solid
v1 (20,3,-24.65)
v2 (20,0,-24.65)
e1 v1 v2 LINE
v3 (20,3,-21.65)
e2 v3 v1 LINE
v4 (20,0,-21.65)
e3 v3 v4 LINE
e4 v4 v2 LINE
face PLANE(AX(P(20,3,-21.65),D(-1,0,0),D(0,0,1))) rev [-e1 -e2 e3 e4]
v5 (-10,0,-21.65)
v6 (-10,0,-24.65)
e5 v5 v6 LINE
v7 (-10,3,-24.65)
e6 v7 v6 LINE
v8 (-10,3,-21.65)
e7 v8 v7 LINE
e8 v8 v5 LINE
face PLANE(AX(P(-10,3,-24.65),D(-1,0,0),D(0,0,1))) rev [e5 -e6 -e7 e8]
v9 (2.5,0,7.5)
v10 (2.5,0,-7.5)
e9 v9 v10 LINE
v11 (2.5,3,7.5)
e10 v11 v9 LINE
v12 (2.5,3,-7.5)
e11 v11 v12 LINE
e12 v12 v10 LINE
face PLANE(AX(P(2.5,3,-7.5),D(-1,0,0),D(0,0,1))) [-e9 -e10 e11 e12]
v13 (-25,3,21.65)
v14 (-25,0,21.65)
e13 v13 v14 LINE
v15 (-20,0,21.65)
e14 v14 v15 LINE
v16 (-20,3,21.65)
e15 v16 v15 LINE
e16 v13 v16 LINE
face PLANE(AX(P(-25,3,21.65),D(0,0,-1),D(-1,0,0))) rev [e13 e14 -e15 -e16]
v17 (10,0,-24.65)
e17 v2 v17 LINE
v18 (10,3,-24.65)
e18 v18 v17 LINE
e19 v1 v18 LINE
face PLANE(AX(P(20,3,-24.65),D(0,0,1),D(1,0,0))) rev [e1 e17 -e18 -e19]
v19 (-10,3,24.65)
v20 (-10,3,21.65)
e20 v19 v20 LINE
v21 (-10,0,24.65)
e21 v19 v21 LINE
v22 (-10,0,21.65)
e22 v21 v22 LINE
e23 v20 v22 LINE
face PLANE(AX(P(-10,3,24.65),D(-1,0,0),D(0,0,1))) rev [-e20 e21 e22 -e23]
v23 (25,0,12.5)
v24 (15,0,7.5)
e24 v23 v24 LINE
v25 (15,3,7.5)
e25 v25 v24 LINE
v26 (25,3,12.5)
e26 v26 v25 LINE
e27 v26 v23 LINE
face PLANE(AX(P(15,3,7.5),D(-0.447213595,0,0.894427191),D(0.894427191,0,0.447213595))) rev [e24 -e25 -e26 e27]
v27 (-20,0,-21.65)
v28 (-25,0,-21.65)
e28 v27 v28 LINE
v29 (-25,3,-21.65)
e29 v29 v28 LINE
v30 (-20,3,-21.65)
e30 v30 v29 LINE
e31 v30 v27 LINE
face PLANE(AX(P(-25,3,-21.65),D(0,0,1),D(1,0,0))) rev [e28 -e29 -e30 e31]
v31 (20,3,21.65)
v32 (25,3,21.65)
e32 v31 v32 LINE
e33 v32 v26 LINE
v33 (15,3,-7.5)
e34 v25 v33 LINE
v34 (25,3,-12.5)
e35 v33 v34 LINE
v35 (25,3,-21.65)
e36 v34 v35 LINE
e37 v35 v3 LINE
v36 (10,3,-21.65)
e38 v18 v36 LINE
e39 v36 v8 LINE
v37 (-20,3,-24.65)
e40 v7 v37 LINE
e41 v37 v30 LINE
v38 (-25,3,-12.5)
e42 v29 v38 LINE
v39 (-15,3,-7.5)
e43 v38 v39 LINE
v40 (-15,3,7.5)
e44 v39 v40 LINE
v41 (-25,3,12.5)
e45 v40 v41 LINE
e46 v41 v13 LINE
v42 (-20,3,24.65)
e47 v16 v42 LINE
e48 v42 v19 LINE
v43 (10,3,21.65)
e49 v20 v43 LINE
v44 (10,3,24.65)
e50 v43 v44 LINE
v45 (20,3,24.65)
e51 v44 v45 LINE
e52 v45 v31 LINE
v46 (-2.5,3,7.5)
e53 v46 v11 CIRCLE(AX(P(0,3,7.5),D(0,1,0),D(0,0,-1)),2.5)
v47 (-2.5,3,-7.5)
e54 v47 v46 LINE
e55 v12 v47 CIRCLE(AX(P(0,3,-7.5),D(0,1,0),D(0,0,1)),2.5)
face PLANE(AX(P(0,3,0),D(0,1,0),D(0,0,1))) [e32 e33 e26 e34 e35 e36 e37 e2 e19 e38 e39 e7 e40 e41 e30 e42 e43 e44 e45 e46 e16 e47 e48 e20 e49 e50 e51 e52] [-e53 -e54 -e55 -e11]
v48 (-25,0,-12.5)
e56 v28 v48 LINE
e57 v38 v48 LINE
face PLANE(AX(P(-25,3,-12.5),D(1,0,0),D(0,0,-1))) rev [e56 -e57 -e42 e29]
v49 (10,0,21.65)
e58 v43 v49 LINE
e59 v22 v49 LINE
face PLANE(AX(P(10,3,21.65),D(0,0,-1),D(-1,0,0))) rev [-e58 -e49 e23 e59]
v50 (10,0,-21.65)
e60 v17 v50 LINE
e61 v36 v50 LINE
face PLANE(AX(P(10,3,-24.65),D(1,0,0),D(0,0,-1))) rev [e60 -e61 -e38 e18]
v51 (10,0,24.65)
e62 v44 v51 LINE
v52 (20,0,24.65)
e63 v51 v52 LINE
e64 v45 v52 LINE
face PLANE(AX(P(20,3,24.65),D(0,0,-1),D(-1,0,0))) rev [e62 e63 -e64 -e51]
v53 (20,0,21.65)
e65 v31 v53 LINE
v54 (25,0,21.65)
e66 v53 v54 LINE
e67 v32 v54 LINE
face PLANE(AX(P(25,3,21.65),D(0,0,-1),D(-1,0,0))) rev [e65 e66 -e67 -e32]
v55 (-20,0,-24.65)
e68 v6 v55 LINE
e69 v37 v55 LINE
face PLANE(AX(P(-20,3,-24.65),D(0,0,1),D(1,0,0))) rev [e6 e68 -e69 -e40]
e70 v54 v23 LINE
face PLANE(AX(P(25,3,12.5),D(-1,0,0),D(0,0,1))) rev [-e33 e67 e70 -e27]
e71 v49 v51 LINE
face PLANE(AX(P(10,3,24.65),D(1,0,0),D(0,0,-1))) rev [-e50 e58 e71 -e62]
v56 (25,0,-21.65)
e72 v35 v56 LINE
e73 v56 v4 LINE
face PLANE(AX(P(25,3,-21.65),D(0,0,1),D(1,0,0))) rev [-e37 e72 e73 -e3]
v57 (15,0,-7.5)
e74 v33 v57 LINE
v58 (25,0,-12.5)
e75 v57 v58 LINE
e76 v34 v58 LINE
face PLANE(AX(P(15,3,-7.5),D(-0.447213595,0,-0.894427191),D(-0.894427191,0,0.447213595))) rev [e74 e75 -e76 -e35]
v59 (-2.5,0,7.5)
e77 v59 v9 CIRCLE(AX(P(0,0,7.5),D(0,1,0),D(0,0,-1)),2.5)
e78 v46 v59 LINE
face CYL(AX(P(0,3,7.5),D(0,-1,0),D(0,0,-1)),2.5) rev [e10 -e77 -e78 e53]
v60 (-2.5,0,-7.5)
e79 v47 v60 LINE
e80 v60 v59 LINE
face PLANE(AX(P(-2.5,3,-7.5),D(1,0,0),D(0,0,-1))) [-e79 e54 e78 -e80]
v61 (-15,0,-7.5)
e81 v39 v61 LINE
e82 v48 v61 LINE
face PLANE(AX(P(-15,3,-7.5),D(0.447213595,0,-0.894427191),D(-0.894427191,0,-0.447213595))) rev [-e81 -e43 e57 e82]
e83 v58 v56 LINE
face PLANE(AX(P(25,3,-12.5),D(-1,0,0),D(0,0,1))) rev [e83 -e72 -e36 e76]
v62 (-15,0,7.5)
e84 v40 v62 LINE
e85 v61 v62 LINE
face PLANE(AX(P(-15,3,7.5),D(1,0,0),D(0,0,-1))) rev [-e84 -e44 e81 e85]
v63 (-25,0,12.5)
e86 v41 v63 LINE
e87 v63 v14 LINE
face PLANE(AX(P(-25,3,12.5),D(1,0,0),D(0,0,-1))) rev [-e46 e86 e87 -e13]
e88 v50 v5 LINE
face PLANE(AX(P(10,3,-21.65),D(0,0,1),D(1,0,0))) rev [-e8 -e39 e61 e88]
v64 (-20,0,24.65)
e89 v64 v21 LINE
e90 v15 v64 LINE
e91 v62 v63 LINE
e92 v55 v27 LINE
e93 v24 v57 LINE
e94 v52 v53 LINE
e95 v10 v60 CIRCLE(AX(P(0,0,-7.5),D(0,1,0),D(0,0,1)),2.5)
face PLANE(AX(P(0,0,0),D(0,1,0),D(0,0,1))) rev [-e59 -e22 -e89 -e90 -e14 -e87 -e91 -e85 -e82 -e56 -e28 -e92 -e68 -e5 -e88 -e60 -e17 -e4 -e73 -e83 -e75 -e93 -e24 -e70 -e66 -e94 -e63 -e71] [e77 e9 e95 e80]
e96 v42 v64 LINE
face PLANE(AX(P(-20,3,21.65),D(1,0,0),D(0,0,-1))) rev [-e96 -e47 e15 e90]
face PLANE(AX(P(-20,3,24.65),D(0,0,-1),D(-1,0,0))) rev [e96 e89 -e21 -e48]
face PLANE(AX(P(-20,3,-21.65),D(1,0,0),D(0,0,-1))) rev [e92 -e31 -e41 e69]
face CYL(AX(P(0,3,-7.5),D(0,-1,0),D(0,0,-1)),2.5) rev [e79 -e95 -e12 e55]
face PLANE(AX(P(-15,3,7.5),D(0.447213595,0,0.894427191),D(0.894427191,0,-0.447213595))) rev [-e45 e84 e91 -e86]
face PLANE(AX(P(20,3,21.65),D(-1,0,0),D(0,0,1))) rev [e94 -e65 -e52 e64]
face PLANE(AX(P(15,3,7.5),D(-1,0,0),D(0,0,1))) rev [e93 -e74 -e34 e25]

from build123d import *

# Parameters (mm, degrees)
EXTRUDE_1_DEPTH = 3


with BuildPart() as part:
    # 草图2 → 凸台-拉伸1 (new body)
    with BuildSketch(Plane(origin=(0, 0, 0), x_dir=(1, 0, 0), z_dir=(0, 1, 0))):
        Polygon((15, -7.5), (15, 7.5), (25, 12.5), (25, 21.65), (20, 21.65), (20, 24.65), (10, 24.65), (10, 21.65), (-10, 21.65), (-10, 24.65), (-20, 24.65), (-20, 21.65), (-25, 21.65), (-25, 12.5), (-15, 7.5), (-15, -7.5), (-25, -12.5), (-25, -21.65), (-20, -21.65), (-20, -24.65), (-10, -24.65), (-10, -21.65), (10, -21.65), (10, -24.65), (20, -24.65), (20, -21.65), (25, -21.65), (25, -12.5), align=None)
        with BuildLine():
            Line((-2.5, 7.5), (-2.5, -7.5))
            ThreePointArc((-2.5, -7.5), (0, -10), (2.5, -7.5))
            Line((2.5, -7.5), (2.5, 7.5))
            ThreePointArc((2.5, 7.5), (0, 10), (-2.5, 7.5))
        make_face(mode=Mode.SUBTRACT)
    extrude(amount=EXTRUDE_1_DEPTH)


solid = part.part
